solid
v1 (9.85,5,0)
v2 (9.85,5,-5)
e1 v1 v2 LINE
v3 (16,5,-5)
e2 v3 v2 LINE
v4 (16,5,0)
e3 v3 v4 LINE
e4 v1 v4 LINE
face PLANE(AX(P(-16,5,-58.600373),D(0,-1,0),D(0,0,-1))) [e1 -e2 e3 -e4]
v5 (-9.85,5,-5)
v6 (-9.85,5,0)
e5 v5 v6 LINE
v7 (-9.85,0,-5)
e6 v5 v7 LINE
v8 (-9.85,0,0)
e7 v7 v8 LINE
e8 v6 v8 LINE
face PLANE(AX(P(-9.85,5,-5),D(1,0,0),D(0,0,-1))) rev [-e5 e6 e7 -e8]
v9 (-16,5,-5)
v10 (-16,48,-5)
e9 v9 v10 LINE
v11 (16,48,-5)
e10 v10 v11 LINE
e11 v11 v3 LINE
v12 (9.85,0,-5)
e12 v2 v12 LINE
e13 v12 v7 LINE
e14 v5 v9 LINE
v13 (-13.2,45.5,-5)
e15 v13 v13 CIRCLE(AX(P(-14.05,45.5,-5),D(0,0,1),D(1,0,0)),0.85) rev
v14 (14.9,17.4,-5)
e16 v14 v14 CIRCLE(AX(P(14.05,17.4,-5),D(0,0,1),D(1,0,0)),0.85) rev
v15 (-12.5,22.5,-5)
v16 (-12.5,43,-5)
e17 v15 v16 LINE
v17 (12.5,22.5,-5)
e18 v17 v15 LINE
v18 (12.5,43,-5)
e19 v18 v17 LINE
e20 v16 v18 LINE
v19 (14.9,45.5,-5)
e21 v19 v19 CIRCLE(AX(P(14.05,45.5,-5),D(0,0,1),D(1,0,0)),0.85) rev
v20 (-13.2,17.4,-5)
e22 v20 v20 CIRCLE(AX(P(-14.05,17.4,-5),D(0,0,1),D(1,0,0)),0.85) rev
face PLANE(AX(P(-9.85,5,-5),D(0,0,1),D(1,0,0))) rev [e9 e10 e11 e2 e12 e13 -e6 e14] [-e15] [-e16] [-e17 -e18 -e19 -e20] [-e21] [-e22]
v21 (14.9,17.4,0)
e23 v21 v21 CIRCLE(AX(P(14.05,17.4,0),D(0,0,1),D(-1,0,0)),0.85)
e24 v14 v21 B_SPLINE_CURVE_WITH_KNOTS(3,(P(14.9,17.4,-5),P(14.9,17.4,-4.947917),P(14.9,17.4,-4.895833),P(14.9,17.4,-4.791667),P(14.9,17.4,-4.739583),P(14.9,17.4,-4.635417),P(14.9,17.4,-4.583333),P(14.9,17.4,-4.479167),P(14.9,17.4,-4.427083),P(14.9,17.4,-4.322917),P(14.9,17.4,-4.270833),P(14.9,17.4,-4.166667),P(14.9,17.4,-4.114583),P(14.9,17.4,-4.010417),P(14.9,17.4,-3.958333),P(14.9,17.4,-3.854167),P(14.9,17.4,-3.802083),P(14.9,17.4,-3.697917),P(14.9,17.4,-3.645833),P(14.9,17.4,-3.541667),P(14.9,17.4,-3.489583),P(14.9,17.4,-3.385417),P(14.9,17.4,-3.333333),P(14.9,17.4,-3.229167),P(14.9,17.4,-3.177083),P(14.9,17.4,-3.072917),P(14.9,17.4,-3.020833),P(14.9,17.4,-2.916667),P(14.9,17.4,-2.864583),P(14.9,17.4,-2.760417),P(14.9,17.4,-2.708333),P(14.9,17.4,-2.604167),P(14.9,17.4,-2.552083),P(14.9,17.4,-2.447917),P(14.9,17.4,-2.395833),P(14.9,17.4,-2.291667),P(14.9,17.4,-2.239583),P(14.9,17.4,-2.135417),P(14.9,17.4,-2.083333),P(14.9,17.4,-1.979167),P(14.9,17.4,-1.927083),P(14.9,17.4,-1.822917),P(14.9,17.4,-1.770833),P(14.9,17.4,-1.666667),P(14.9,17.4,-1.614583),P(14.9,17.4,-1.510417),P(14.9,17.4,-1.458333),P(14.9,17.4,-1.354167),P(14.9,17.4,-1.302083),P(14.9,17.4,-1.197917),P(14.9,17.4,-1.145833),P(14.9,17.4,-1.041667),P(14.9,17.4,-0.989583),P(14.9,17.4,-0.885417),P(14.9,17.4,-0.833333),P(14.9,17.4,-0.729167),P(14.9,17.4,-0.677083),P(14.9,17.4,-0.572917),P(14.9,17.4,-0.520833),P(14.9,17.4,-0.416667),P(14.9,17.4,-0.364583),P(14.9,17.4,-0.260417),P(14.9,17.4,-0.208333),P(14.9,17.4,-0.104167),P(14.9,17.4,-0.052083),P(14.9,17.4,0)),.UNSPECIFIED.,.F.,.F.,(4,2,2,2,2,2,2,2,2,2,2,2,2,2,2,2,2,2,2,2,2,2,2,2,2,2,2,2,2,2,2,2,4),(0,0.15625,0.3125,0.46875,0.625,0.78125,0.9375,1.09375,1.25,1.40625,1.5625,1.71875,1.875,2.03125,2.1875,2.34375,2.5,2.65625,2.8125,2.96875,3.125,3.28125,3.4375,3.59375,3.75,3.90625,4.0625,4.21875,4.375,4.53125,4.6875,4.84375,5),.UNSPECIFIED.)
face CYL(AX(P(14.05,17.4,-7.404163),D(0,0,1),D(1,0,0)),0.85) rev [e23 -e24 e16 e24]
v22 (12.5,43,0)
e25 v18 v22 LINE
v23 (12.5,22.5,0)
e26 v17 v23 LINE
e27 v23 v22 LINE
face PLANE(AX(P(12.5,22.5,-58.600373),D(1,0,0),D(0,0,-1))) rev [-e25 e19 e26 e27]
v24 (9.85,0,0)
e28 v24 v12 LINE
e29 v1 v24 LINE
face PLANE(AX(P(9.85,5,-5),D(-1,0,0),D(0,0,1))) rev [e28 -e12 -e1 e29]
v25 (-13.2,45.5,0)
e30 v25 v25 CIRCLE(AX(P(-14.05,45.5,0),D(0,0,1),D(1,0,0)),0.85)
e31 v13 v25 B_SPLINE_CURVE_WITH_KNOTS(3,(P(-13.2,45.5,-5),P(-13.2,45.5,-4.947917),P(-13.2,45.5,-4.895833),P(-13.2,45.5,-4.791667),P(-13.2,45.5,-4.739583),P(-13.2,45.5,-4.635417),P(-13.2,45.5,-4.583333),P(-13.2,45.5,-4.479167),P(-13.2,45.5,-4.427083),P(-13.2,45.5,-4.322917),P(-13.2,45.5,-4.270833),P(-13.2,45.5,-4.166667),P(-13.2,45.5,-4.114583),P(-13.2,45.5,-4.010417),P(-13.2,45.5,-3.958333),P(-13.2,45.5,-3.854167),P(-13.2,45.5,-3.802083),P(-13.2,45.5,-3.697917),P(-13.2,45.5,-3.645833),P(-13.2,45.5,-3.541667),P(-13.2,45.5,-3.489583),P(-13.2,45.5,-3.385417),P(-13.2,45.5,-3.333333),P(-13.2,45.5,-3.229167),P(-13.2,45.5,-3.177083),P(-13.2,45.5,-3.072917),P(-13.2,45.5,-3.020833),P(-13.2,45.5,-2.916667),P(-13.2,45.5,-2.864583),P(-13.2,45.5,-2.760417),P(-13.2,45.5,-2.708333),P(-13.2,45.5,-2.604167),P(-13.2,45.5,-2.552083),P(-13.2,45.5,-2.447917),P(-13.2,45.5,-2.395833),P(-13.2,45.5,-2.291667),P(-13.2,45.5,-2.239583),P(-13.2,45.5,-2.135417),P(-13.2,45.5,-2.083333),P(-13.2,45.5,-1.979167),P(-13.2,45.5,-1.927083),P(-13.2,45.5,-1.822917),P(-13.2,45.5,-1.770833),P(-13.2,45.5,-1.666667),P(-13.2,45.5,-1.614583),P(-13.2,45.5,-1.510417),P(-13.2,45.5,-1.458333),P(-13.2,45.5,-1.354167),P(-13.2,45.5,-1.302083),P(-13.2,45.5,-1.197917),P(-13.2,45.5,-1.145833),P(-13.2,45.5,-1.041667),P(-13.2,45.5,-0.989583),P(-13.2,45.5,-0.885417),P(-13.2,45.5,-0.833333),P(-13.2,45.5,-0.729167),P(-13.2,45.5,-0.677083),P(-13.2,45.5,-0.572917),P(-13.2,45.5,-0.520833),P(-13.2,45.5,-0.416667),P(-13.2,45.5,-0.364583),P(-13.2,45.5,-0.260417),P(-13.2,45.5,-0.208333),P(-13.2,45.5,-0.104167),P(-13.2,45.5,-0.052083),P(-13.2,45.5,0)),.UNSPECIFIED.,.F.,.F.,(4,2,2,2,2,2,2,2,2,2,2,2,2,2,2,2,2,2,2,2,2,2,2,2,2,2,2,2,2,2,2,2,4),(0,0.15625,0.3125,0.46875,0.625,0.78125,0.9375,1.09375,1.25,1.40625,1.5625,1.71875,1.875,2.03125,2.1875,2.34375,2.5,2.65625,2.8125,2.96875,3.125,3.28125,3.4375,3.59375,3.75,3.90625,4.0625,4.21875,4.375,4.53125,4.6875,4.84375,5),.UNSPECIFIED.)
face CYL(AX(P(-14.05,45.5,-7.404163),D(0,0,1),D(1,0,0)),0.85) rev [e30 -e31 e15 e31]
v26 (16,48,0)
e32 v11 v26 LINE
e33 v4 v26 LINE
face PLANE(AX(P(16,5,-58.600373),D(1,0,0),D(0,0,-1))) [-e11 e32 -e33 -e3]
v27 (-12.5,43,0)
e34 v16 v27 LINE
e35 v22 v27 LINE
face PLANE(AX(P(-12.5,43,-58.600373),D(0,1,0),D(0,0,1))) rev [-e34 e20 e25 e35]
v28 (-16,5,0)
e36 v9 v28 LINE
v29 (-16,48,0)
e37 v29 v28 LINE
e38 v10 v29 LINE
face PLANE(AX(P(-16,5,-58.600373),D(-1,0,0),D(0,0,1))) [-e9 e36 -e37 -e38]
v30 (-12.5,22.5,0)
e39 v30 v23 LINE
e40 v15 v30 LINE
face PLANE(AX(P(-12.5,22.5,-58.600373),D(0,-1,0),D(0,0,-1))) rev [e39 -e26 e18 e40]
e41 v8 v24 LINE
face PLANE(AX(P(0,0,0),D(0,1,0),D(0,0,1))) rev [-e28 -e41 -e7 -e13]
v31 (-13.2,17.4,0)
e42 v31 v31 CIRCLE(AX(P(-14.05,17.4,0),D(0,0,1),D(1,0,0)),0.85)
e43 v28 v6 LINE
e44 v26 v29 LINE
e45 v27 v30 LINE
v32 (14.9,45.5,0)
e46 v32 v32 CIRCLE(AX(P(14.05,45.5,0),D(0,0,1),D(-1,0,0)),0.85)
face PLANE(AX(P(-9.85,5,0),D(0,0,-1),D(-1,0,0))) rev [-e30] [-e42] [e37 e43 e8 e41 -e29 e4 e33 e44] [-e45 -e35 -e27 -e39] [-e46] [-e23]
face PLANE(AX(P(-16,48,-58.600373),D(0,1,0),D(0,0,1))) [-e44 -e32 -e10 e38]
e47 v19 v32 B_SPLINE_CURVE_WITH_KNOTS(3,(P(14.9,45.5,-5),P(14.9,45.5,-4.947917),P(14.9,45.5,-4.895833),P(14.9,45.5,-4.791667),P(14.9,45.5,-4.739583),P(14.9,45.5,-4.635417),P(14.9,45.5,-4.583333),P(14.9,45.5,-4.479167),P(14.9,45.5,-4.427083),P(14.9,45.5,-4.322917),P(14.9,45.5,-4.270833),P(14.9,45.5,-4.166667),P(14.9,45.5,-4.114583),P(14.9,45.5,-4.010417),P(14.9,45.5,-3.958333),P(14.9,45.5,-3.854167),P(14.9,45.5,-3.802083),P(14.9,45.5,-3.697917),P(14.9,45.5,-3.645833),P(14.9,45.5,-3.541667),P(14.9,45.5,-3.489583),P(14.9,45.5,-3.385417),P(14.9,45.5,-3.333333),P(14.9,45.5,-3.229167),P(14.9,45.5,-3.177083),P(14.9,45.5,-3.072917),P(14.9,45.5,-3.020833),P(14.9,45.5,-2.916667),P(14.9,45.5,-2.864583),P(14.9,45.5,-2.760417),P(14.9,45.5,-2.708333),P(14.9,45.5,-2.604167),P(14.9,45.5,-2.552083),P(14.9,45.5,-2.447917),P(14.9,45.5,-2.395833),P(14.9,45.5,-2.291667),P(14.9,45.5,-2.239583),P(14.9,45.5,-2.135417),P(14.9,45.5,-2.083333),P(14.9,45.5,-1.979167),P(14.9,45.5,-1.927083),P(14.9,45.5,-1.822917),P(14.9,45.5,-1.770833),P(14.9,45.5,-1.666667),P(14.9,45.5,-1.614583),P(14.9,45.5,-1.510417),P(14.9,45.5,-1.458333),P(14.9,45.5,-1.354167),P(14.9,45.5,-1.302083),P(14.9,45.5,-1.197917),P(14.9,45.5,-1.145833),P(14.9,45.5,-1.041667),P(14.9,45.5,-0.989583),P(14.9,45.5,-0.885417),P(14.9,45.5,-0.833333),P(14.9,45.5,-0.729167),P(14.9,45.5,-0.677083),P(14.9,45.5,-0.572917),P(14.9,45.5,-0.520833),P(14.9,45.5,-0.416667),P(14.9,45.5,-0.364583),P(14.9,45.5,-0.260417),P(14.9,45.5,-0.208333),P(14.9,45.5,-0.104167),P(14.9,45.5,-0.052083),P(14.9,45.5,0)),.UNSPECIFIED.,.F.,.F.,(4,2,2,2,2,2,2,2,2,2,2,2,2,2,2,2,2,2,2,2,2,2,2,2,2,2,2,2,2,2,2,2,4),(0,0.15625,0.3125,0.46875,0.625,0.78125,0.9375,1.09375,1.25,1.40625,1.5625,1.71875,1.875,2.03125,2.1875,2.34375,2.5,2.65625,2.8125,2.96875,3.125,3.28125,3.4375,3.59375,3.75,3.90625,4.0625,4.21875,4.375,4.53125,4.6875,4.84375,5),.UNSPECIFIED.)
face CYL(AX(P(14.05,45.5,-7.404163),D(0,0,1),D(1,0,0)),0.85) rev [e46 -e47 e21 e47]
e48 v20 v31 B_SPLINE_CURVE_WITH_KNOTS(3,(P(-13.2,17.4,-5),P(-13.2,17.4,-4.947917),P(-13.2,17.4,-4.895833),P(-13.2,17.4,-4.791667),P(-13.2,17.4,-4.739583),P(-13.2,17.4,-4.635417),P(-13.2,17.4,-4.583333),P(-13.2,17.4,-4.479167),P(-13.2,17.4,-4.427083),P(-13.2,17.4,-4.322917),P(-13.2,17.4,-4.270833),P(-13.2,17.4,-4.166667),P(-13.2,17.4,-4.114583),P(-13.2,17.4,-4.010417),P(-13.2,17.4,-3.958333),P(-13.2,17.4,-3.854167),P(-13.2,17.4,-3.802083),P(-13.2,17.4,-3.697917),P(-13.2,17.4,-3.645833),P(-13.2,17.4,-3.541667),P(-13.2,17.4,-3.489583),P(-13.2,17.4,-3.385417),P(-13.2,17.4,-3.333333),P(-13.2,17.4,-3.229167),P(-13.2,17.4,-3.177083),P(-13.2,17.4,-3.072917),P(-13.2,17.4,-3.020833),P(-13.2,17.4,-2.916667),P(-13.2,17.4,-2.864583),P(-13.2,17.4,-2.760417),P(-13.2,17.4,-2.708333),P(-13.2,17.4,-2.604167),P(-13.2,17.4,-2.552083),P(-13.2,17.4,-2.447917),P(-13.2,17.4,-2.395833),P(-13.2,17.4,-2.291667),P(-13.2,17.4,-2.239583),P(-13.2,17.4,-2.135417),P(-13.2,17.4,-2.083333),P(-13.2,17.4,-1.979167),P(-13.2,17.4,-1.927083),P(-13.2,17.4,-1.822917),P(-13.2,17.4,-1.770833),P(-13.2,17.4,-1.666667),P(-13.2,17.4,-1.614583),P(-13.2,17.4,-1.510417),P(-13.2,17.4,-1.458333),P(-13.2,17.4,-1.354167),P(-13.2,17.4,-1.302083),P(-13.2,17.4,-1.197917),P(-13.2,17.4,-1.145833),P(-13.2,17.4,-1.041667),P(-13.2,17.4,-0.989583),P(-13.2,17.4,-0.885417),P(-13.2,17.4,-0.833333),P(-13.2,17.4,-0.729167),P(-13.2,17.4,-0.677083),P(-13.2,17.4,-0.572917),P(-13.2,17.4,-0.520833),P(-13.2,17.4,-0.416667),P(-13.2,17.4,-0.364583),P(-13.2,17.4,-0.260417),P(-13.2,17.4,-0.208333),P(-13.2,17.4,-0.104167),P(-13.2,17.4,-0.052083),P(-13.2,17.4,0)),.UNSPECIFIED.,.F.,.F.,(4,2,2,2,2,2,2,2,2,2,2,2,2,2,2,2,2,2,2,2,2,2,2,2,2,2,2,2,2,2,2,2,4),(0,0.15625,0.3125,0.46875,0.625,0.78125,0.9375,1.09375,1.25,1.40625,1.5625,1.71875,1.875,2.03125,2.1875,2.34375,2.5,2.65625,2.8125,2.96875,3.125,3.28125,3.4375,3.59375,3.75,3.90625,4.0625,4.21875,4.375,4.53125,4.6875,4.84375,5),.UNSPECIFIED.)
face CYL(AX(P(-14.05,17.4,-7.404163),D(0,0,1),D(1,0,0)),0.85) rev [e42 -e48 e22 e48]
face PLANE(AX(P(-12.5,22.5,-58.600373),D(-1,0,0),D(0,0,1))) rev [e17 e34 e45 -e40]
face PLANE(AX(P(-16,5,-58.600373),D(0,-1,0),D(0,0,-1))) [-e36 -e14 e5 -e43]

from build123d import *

# Parameters (mm, degrees)
SKETCH2_W           = 19.7
SKETCH2_H           = 5
BOSS_EXTRUDE1_DEPTH = 5
BOSS_EXTRUDE2_DEPTH = 5
SKETCH5_R           = 0.85
CUT_EXTRUDE1_DEPTH  = 5


with BuildPart() as part:
    # Sketch2 → Boss-Extrude1 (new body)
    with BuildSketch(Plane(origin=(0, 0, 0), x_dir=(1, 0, 0), z_dir=(0, 1, 0))):
        with Locations((0, 2.5)):
            Rectangle(SKETCH2_W, SKETCH2_H)
    extrude(amount=BOSS_EXTRUDE1_DEPTH)

    # Sketch4 → Boss-Extrude2 (add)
    with BuildSketch(Plane.XY):
        Polygon((-16, 5), (16, 5), (16, 48), (0, 48), (-16, 48), align=None)
        Polygon((-12.5, 22.5), (12.5, 22.5), (12.5, 43), (0, 43), (-12.5, 43), align=None, mode=Mode.SUBTRACT)
    extrude(amount=-BOSS_EXTRUDE2_DEPTH)

    # Sketch5 → Cut-Extrude1 (cut)
    with BuildSketch(Plane.XY):
        with Locations((-14.05, 45.5)):
            Circle(SKETCH5_R)
        with Locations((-14.05, 17.4)):
            Circle(SKETCH5_R)
        with Locations((14.05, 17.4)):
            Circle(SKETCH5_R)
        with Locations((14.05, 45.5)):
            Circle(SKETCH5_R)
    extrude(amount=-CUT_EXTRUDE1_DEPTH, mode=Mode.SUBTRACT)


solid = part.part
